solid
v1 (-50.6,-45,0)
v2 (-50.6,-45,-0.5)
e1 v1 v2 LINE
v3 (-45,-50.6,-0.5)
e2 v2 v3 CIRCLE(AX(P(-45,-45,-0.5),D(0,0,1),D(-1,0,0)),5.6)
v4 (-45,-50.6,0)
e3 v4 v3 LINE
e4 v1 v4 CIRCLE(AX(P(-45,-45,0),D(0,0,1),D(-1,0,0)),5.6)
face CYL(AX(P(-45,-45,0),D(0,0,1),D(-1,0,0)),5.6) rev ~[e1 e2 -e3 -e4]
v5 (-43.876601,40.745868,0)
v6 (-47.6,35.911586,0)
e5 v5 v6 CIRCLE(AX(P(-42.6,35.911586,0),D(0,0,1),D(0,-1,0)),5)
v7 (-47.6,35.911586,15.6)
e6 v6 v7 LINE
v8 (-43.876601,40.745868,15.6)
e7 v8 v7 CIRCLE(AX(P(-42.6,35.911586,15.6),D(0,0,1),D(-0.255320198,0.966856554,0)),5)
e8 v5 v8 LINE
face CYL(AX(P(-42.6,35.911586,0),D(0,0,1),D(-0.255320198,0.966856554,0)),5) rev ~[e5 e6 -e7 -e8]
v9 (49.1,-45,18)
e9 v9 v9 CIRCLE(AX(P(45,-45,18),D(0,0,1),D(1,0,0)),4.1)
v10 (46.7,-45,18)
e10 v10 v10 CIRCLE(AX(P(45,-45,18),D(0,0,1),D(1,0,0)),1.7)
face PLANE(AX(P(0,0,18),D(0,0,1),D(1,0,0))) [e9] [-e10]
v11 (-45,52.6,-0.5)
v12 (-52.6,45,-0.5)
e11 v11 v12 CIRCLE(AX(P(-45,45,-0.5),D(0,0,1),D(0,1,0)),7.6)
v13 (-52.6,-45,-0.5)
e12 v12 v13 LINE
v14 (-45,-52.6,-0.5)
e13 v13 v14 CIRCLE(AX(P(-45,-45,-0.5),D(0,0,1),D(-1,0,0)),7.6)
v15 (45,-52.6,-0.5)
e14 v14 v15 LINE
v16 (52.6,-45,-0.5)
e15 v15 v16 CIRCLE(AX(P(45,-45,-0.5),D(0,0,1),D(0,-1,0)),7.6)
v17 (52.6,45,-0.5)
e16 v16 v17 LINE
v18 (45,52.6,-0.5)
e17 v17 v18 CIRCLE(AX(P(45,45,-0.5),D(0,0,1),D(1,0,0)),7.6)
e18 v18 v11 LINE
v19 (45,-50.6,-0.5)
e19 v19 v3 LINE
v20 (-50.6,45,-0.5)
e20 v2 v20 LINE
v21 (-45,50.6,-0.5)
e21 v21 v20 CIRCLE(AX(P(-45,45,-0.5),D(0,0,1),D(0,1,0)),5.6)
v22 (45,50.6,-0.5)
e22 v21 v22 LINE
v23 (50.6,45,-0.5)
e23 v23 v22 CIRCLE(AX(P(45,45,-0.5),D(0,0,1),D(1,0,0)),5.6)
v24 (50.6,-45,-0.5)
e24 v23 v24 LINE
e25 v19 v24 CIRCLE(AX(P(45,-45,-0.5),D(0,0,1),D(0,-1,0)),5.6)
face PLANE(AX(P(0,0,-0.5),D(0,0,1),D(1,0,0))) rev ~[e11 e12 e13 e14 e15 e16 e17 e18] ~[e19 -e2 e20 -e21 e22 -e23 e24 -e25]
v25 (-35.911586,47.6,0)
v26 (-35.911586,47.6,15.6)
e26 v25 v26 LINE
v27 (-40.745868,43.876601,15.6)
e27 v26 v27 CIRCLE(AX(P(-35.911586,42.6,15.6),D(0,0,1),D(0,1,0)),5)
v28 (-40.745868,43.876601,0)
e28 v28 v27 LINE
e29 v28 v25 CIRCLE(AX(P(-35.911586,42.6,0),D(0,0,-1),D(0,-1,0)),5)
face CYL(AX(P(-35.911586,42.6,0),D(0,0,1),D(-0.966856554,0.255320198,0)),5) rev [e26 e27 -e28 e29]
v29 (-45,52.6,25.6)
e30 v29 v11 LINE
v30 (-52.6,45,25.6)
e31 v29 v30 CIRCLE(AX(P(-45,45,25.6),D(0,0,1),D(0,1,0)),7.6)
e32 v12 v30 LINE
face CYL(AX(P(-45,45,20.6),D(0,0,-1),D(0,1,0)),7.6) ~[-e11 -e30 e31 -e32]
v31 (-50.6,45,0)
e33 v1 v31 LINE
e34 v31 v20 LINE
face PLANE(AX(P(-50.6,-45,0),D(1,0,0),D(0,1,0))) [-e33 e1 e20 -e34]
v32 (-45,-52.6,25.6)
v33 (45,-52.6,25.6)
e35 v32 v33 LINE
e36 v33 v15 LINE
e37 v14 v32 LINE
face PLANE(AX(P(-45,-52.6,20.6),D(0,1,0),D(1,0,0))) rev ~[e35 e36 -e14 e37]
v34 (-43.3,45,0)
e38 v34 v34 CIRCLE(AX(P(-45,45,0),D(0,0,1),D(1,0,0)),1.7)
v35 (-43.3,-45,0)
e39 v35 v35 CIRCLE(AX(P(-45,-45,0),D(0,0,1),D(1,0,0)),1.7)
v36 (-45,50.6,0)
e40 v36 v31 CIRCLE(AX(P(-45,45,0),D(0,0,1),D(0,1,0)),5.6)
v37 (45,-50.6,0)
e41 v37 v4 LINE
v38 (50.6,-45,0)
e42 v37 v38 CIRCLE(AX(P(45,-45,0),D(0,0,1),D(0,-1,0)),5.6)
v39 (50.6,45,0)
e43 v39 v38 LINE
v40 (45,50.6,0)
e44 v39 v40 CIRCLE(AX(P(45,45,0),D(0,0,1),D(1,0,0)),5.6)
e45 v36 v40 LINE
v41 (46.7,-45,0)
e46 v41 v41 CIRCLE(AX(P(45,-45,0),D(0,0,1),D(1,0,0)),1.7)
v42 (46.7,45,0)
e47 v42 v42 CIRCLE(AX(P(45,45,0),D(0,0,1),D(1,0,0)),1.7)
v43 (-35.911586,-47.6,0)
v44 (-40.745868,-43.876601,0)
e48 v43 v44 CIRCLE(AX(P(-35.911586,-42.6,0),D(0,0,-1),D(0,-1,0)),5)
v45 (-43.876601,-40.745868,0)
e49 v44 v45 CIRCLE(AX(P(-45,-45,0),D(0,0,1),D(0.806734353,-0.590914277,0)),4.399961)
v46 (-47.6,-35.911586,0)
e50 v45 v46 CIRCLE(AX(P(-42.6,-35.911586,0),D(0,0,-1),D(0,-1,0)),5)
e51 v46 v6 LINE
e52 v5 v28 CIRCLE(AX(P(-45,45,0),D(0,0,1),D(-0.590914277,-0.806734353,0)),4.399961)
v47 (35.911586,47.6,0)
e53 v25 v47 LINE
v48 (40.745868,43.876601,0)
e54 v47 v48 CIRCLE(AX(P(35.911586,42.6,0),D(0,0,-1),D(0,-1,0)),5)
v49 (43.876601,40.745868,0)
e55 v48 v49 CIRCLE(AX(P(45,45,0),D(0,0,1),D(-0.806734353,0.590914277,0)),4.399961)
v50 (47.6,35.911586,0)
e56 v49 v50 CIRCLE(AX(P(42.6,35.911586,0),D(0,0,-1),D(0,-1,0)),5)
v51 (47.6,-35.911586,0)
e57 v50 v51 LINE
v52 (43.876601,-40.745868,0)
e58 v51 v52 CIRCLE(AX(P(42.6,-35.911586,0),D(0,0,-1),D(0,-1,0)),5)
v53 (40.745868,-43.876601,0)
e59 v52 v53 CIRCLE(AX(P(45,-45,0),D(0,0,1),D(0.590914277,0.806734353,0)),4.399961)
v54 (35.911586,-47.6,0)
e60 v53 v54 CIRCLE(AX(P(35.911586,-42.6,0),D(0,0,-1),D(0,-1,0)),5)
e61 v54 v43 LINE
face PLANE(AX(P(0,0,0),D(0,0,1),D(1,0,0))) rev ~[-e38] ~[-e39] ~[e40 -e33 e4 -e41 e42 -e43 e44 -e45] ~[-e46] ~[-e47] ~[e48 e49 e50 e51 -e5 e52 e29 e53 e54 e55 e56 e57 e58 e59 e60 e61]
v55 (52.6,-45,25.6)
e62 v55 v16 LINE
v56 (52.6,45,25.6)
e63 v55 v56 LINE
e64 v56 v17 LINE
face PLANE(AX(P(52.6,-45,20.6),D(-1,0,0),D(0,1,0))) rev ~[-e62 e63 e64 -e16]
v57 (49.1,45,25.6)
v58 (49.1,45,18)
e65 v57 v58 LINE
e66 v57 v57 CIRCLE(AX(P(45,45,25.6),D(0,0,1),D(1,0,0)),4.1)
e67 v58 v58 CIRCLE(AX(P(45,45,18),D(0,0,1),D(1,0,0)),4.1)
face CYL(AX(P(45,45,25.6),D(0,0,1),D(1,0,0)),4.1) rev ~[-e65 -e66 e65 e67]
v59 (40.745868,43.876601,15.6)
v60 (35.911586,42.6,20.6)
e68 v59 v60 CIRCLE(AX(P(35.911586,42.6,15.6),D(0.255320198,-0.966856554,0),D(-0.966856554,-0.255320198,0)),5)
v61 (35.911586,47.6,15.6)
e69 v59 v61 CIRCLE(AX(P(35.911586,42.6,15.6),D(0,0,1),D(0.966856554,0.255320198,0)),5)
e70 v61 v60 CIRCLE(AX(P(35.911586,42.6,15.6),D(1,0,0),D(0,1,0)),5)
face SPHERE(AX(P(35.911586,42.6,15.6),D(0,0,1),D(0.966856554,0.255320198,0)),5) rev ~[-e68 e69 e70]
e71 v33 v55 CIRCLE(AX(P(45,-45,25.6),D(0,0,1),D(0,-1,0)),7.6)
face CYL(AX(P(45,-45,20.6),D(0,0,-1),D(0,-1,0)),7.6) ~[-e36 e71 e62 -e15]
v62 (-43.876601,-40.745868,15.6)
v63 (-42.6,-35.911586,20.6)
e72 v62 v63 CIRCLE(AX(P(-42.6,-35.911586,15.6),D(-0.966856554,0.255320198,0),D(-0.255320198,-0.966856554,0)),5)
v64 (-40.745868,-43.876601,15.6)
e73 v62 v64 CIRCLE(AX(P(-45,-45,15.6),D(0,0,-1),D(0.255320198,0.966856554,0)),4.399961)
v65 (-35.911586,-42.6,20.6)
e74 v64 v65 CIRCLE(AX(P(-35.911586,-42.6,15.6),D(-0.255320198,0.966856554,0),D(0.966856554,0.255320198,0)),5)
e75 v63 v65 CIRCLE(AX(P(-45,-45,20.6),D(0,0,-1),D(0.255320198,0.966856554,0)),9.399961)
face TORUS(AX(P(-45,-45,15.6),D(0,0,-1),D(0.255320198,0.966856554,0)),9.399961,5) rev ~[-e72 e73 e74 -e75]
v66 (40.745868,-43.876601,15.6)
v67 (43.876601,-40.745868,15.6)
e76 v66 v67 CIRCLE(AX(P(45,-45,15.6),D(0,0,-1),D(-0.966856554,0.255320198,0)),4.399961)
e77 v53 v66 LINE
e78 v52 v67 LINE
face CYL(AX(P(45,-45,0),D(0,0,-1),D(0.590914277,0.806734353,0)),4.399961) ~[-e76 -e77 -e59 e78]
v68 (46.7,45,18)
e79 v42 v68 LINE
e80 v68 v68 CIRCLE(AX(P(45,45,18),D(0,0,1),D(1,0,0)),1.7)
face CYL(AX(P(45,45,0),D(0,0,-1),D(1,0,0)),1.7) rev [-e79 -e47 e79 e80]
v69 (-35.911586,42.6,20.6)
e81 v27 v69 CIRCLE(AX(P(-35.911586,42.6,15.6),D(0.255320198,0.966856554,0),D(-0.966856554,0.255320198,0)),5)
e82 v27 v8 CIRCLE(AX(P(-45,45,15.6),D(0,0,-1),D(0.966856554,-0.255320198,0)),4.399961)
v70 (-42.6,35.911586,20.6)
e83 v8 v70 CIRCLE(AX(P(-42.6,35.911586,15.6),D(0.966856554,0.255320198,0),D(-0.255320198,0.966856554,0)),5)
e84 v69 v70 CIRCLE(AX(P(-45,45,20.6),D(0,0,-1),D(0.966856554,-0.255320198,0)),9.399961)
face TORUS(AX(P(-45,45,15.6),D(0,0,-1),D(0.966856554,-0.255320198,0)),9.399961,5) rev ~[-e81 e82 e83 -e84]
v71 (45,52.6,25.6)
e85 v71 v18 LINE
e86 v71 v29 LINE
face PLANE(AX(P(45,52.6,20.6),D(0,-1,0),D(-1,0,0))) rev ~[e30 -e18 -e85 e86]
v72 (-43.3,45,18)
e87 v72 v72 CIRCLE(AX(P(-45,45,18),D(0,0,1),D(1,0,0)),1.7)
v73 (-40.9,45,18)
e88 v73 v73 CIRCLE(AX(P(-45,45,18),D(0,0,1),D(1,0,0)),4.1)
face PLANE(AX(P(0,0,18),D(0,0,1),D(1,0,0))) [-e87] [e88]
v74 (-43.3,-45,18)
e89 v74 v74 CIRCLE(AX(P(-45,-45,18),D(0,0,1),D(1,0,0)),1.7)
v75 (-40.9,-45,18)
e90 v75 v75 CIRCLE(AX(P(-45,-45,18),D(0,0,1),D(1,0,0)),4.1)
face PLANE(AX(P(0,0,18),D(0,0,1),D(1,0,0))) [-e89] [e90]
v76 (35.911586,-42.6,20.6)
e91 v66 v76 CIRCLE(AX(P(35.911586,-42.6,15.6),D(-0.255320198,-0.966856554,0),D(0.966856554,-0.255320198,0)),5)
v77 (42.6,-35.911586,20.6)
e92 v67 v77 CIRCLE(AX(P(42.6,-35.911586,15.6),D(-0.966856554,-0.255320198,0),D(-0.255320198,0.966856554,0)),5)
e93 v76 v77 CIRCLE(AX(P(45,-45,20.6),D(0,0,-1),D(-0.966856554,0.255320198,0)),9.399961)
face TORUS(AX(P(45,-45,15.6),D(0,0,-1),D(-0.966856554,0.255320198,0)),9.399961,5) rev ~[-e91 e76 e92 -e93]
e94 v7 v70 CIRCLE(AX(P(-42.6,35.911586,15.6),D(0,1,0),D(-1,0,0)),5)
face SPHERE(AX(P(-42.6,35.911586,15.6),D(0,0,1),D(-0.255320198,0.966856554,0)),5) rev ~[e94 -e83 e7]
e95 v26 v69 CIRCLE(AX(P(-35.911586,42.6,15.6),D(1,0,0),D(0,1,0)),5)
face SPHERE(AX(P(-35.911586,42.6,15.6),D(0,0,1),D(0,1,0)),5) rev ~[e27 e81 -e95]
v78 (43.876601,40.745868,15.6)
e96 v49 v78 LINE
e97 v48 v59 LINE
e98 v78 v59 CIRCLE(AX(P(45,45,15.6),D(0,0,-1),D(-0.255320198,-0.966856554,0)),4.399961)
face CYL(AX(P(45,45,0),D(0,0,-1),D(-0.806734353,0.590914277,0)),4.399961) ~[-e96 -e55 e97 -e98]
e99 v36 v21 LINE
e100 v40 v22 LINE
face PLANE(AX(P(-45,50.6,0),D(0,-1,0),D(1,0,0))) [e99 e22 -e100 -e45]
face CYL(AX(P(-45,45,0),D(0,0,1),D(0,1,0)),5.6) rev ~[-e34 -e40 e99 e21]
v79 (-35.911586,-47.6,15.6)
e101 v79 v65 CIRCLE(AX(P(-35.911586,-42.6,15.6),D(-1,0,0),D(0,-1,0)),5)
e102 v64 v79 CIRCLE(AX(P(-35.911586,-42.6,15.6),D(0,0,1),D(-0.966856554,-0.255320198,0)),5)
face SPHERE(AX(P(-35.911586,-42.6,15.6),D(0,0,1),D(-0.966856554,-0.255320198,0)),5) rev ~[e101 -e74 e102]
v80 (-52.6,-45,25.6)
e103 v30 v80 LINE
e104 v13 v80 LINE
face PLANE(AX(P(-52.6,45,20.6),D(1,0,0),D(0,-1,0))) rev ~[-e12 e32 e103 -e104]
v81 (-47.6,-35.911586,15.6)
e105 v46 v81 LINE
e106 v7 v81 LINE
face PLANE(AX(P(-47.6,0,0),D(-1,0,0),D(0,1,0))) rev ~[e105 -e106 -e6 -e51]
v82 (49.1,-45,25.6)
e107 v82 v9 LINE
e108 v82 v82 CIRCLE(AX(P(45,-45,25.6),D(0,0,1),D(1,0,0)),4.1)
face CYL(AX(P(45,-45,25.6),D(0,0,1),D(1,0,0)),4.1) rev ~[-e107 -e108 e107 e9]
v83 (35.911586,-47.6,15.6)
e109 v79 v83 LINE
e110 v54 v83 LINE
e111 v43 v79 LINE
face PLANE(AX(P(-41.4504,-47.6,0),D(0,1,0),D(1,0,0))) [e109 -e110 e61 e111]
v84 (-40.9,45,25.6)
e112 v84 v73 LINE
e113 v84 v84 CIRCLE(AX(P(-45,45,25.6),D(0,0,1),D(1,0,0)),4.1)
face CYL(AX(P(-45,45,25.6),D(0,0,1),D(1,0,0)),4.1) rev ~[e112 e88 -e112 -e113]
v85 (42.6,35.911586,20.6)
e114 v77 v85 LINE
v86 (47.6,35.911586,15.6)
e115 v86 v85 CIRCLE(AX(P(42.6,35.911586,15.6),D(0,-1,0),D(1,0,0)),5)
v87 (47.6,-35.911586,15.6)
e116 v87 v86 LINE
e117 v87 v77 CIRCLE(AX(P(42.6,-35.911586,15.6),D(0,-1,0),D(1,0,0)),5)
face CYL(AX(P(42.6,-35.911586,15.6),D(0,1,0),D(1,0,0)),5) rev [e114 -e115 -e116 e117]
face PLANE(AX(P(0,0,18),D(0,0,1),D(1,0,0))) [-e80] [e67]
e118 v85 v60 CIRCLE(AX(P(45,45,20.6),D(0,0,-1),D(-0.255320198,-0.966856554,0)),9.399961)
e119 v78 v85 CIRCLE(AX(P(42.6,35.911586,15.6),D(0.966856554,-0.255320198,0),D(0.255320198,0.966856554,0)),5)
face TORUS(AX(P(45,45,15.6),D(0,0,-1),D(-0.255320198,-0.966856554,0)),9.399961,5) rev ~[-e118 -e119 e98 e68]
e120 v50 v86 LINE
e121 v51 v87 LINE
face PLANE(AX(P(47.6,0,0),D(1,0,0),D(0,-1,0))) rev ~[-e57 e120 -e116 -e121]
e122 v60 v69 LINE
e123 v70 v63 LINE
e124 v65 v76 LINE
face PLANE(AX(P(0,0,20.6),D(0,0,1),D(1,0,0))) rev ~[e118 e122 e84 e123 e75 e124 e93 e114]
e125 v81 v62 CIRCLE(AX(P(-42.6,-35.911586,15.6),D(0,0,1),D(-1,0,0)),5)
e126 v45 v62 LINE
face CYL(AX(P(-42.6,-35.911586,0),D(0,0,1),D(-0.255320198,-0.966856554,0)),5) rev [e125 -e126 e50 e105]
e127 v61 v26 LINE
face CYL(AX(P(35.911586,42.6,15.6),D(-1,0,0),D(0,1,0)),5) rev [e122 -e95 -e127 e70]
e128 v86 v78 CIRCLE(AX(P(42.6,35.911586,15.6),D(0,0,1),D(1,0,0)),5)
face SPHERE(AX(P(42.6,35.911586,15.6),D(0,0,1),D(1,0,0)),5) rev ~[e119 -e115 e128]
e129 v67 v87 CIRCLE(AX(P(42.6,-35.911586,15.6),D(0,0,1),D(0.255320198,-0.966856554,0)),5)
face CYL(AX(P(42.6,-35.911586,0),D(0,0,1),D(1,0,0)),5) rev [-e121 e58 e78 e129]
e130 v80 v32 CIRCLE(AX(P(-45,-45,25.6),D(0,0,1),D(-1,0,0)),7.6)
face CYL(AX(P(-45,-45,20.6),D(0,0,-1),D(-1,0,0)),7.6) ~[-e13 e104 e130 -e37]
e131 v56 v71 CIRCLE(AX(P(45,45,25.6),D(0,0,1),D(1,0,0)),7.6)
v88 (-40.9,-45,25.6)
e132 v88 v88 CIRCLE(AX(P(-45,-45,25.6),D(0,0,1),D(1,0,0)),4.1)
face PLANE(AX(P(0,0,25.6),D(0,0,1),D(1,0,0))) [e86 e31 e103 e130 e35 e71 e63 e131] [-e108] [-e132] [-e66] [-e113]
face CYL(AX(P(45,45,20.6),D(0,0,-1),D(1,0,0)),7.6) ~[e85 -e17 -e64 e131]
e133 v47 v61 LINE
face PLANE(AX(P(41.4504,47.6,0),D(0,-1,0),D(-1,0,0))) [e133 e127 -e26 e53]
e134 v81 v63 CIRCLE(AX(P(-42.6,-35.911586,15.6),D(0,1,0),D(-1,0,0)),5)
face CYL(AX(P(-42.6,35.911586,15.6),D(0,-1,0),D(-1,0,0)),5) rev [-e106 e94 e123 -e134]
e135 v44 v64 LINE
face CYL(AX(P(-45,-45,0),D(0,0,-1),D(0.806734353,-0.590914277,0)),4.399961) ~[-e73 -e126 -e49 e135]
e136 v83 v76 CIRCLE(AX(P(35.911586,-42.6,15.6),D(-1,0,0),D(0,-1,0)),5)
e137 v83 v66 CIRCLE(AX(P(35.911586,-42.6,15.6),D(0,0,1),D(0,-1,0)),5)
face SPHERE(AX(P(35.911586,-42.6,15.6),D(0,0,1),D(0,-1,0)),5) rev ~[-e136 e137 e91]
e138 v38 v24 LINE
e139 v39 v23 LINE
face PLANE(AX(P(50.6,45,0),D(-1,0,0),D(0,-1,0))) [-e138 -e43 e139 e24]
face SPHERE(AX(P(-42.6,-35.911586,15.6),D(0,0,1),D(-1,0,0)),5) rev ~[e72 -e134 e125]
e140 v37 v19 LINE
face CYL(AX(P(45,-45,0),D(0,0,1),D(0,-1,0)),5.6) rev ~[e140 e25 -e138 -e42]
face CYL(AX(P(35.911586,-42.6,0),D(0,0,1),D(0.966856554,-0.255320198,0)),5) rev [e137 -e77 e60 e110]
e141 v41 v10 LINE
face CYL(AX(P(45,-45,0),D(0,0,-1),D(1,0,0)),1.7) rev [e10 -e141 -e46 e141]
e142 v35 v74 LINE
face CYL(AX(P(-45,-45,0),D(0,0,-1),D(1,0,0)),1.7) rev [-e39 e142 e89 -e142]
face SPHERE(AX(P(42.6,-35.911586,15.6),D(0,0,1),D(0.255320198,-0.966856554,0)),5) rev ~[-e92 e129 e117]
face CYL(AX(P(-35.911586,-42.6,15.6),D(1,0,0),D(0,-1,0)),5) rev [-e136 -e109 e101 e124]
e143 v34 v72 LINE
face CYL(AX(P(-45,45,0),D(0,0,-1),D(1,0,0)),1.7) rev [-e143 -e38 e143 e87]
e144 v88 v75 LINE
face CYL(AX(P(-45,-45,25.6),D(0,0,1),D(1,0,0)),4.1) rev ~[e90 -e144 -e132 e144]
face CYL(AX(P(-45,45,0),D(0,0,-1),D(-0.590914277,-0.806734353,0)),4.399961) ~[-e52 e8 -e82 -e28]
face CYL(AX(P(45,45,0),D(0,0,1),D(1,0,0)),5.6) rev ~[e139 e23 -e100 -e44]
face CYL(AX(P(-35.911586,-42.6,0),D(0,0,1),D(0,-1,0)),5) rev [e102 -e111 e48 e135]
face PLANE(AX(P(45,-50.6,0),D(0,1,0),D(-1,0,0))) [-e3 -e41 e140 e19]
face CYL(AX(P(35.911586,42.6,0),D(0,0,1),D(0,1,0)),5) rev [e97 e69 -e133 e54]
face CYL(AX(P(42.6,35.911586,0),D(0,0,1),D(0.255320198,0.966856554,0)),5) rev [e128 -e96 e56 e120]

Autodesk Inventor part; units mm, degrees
ref_plane "YZ Plane" through (0, 0, 0) normal (1, 0, 0) x (0, 1, 0)
ref_plane "XZ Plane" through (0, 0, 0) normal (0, 1, 0) x (-1, 0, 0)
ref_plane "XY Plane" through (0, 0, 0) normal (0, 0, 1) x (1, 0, 0)
sketch "Skizze1" plane through (0, 0, 0) normal (0, 0, 1) x (1, 0, 0)
  line L0 (45, 50) -> (-45, 50)
  line L1 (-50, 45) -> (-50, -45)
  line L2 (-45, -50) -> (45, -50)
  line L3 (50, -45) -> (50, 45)
  line L4 (50, 50) -> (-50, -50) construction
  line L5 (-50, 50) -> (50, -50) construction
  arc A0 (45, -50) -> (50, -45) centre (45, -45) ccw
  arc A1 (-50, -45) -> (-45, -50) centre (-45, -45) ccw
  arc A2 (-45, 50) -> (-50, 45) centre (-45, 45) ccw
  arc A3 (50, 45) -> (45, 50) centre (45, 45) ccw
  line L6 (45, -50.6) -> (-45, -50.6)
  arc A4 (-50.6, -45) -> (-45, -50.6) centre (-45, -45) ccw
  line L7 (-50.6, -45) -> (-50.6, 45)
  arc A5 (-45, 50.6) -> (-50.6, 45) centre (-45, 45) ccw
  line L8 (-45, 50.6) -> (45, 50.6)
  arc A6 (50.6, 45) -> (45, 50.6) centre (45, 45) ccw
  line L9 (50.6, 45) -> (50.6, -45)
  arc A7 (45, -50.6) -> (50.6, -45) centre (45, -45) ccw
  line L10 (-45, -52.6) -> (45, -52.6)
  arc A8 (45, -52.6) -> (52.6, -45) centre (45, -45) ccw
  line L11 (52.6, -45) -> (52.6, 45)
  arc A9 (52.6, 45) -> (45, 52.6) centre (45, 45) ccw
  line L12 (45, 52.6) -> (-45, 52.6)
  arc A10 (-45, 52.6) -> (-52.6, 45) centre (-45, 45) ccw
  line L13 (-52.6, 45) -> (-52.6, -45)
  arc A11 (-52.6, -45) -> (-45, -52.6) centre (-45, -45) ccw
  point P0 (0, 0)
  point P1 (0, 0)
  dimension "d0" = 100
  dimension "d1" = 100
  dimension "d2" = 5
  dimension "d3" = 0.6
  dimension "d4" = 2
extrude "Extrusion1" add sketch "Skizze1" against normal blind 0.5 contours A11 L13 A10 L12 A9 L11 A8 L10
sketch "Skizze2" plane through (0, 0, 0) normal (0, 0, 1) x (1, 0, 0)
  line L0 (45, 52.6) -> (-45, 52.6) projected
  arc A0 (52.6, 45) -> (45, 52.6) centre (45, 45) ccw projected
  line L1 (52.6, -45) -> (52.6, 45) projected
  arc A1 (45, -52.6) -> (52.6, -45) centre (45, -45) ccw projected
  line L2 (-45, -52.6) -> (45, -52.6) projected
  arc A2 (-52.6, -45) -> (-45, -52.6) centre (-45, -45) ccw projected
  line L3 (-52.6, 45) -> (-52.6, -45) projected
  arc A3 (-45, 52.6) -> (-52.6, 45) centre (-45, 45) ccw projected
  line L4 (-41.4504, 47.6) -> (0, 47.6)
  line L5 (-47.6, 0) -> (-47.6, 41.4504)
  circle A4 centre (-45, 45) radius 1.7
  line L6 (-45, 50.6) -> (45, 50.6) projected
  line L7 (-50.6, -45) -> (-50.6, 45) projected
  arc A5 (-47.6, 41.4504) -> (-41.4504, 47.6) centre (-45, 45) ccw
  line L8 (-45, 52.6) -> (45, 52.6) construction
  line L9 (0, 52.6) -> (0, -52.6) construction
  line L10 (45, -52.6) -> (-45, -52.6) construction
  line L11 (-52.6, 0) -> (52.6, 0) construction
  line L12 (41.4504, 47.6) -> (0, 47.6)
  line L13 (47.6, 0) -> (47.6, 41.4504)
  circle A6 centre (45, 45) radius 1.7
  arc A7 (41.4504, 47.6) -> (47.6, 41.4504) centre (45, 45) ccw
  line L14 (-41.4504, -47.6) -> (0, -47.6)
  line L15 (-47.6, 0) -> (-47.6, -41.4504)
  circle A8 centre (-45, -45) radius 1.7
  arc A9 (-41.4504, -47.6) -> (-47.6, -41.4504) centre (-45, -45) ccw
  line L16 (47.6, 0) -> (47.6, -41.4504)
  arc A10 (47.6, -41.4504) -> (41.4504, -47.6) centre (45, -45) ccw
  circle A11 centre (45, -45) radius 1.7
  line L17 (41.4504, -47.6) -> (0, -47.6)
  point P0 (0, 0)
  dimension "d11" = 5
  dimension "d13" = 5
  dimension "d15" = 3.4
  dimension "d16" = 5.6
  dimension "d17" = 5.6
  dimension "d18" = 4.4
extrude "Extrusion2" add sketch "Skizze2" along normal blind 20.6
sketch "Skizze3" plane through (0, 0, 20.6) normal (0, 0, 1) x (1, 0, 0)
  line L0 (-52.6, 45) -> (-52.6, -45) projected
  arc A0 (-52.6, -45) -> (-45, -52.6) centre (-45, -45) ccw projected
  line L1 (-45, -52.6) -> (45, -52.6) projected
  arc A1 (45, -52.6) -> (52.6, -45) centre (45, -45) ccw projected
  line L2 (52.6, -45) -> (52.6, 45) projected
  arc A2 (52.6, 45) -> (45, 52.6) centre (45, 45) ccw projected
  line L3 (45, 52.6) -> (-45, 52.6) projected
  arc A3 (-45, 52.6) -> (-52.6, 45) centre (-45, 45) ccw projected
  point P0 (0, 0)
extrude "Extrusion3" add sketch "Skizze3" along normal blind 5
fillet "Rundung1" radius 5 8 edges at (-47.6, 41.4504, 10.3) (-41.4504, 47.6, 10.3) (47.6, 41.4504, 10.3) (41.4504, 47.6, 10.3) (41.4504, -47.6, 10.3) (47.6, -41.4504, 10.3) (-41.4504, -47.6, 10.3) (-47.6, -41.4504, 10.3)
fillet "Rundung2" radius 5 16 edges at (-46.5612, 38.9625, 20.6) (-41.8887, 41.8887, 20.6) (-38.9625, 46.5612, 20.6) (0, 47.6, 20.6) (38.9625, 46.5612, 20.6) (41.8887, 41.8887, 20.6) (46.5612, 38.9625, 20.6) (47.6, 0, 20.6) (46.5612, -38.9625, 20.6) (41.8887, -41.8887, 20.6) (38.9625, -46.5612, 20.6) (0, -47.6, 20.6) (-38.9625, -46.5612, 20.6) (-41.8887, -41.8887, 20.6) (-46.5612, -38.9625, 20.6) (-47.6, 0, 20.6)
sketch "Skizze4" plane through (0, 0, 25.6) normal (0, 0, 1) x (1, 0, 0)
  arc A0 (-45, 52.6) -> (-52.6, 45) centre (-45, 45) ccw projected
  arc A1 (52.6, 45) -> (45, 52.6) centre (45, 45) ccw projected
  arc A2 (45, -52.6) -> (52.6, -45) centre (45, -45) ccw projected
  arc A3 (-52.6, -45) -> (-45, -52.6) centre (-45, -45) ccw projected
  circle A4 centre (-45, 45) radius 1.7 projected
  circle A5 centre (-45, 45) radius 4.1
  circle A6 centre (45, 45) radius 4.1
  circle A7 centre (45, -45) radius 1.7 projected
  circle A8 centre (45, -45) radius 4.1
  circle A9 centre (-45, -45) radius 1.7 projected
  circle A10 centre (-45, -45) radius 4.1
  point P0 (0, 0)
  dimension "d25" = 8.2
  dimension "d26" = 8.2
  dimension "d27" = 8.2
  dimension "d28" = 8.2
extrude "ExtrusionSchraubenKopf" cut sketch "Skizze4" against normal blind 7.6 contours A4 | A5 | A6 | A7 | A8 | A9 | A10
sketch "Skizze5" plane through (0, 0, 0) normal (0, 0, -1) x (-1, 0, 0)
  circle A0 centre (45, 45) radius 1.7 projected
  circle A1 centre (45, -45) radius 1.7 projected
  circle A2 centre (-45, -45) radius 1.7 projected
  circle A3 centre (-45, 45) radius 1.7 projected
  point P0 (0, 0)
extrude "ExtrusionSchraubenLoch" cut sketch "Skizze5" against normal up to surface (25.6 mm away)
equation "\"d0\" = BP"
equation "\"d1\" = LP"
equation "\"d2\" = REP"
equation "\"d3\" = TM"
equation "\"d9\" = -0.5 * TM + 0.5 * HPt"
equation "\"d11\" = DW"
equation "\"d13\" = DW"
equation "\"d15\" = DL"
equation "\"d16\" = REP + TM"
equation "\"d17\" = REP + TM"
equation "\"d19\" = HPb + TM"
equation "\"d21\" = DW"
equation "\"d23\" = RR"
equation "\"d24\" = RR"
equation "\"d25\" = SKD + 2 * TM"
equation "\"d26\" = SKD + 2 * TM"
equation "\"d27\" = SKD + 2 * TM"
equation "\"d28\" = SKD + 2 * TM"
equation "\"d29\" = SKH + TM"
equation "\"BP\" = 100"
equation "\"LP\" = 100"
equation "\"REP\" = 5"
equation "\"TM\" = 0.6"
equation "\"DW\" = 5"
equation "\"DL\" = 3.4"
equation "\"HPt\" = 1.6"
equation "\"HPb\" = 20"
equation "\"RR\" = 5"
equation "\"SKD\" = 7"
equation "\"SKH\" = 7"
properties part number "GehauseGenerator_GehauseVorlage"
